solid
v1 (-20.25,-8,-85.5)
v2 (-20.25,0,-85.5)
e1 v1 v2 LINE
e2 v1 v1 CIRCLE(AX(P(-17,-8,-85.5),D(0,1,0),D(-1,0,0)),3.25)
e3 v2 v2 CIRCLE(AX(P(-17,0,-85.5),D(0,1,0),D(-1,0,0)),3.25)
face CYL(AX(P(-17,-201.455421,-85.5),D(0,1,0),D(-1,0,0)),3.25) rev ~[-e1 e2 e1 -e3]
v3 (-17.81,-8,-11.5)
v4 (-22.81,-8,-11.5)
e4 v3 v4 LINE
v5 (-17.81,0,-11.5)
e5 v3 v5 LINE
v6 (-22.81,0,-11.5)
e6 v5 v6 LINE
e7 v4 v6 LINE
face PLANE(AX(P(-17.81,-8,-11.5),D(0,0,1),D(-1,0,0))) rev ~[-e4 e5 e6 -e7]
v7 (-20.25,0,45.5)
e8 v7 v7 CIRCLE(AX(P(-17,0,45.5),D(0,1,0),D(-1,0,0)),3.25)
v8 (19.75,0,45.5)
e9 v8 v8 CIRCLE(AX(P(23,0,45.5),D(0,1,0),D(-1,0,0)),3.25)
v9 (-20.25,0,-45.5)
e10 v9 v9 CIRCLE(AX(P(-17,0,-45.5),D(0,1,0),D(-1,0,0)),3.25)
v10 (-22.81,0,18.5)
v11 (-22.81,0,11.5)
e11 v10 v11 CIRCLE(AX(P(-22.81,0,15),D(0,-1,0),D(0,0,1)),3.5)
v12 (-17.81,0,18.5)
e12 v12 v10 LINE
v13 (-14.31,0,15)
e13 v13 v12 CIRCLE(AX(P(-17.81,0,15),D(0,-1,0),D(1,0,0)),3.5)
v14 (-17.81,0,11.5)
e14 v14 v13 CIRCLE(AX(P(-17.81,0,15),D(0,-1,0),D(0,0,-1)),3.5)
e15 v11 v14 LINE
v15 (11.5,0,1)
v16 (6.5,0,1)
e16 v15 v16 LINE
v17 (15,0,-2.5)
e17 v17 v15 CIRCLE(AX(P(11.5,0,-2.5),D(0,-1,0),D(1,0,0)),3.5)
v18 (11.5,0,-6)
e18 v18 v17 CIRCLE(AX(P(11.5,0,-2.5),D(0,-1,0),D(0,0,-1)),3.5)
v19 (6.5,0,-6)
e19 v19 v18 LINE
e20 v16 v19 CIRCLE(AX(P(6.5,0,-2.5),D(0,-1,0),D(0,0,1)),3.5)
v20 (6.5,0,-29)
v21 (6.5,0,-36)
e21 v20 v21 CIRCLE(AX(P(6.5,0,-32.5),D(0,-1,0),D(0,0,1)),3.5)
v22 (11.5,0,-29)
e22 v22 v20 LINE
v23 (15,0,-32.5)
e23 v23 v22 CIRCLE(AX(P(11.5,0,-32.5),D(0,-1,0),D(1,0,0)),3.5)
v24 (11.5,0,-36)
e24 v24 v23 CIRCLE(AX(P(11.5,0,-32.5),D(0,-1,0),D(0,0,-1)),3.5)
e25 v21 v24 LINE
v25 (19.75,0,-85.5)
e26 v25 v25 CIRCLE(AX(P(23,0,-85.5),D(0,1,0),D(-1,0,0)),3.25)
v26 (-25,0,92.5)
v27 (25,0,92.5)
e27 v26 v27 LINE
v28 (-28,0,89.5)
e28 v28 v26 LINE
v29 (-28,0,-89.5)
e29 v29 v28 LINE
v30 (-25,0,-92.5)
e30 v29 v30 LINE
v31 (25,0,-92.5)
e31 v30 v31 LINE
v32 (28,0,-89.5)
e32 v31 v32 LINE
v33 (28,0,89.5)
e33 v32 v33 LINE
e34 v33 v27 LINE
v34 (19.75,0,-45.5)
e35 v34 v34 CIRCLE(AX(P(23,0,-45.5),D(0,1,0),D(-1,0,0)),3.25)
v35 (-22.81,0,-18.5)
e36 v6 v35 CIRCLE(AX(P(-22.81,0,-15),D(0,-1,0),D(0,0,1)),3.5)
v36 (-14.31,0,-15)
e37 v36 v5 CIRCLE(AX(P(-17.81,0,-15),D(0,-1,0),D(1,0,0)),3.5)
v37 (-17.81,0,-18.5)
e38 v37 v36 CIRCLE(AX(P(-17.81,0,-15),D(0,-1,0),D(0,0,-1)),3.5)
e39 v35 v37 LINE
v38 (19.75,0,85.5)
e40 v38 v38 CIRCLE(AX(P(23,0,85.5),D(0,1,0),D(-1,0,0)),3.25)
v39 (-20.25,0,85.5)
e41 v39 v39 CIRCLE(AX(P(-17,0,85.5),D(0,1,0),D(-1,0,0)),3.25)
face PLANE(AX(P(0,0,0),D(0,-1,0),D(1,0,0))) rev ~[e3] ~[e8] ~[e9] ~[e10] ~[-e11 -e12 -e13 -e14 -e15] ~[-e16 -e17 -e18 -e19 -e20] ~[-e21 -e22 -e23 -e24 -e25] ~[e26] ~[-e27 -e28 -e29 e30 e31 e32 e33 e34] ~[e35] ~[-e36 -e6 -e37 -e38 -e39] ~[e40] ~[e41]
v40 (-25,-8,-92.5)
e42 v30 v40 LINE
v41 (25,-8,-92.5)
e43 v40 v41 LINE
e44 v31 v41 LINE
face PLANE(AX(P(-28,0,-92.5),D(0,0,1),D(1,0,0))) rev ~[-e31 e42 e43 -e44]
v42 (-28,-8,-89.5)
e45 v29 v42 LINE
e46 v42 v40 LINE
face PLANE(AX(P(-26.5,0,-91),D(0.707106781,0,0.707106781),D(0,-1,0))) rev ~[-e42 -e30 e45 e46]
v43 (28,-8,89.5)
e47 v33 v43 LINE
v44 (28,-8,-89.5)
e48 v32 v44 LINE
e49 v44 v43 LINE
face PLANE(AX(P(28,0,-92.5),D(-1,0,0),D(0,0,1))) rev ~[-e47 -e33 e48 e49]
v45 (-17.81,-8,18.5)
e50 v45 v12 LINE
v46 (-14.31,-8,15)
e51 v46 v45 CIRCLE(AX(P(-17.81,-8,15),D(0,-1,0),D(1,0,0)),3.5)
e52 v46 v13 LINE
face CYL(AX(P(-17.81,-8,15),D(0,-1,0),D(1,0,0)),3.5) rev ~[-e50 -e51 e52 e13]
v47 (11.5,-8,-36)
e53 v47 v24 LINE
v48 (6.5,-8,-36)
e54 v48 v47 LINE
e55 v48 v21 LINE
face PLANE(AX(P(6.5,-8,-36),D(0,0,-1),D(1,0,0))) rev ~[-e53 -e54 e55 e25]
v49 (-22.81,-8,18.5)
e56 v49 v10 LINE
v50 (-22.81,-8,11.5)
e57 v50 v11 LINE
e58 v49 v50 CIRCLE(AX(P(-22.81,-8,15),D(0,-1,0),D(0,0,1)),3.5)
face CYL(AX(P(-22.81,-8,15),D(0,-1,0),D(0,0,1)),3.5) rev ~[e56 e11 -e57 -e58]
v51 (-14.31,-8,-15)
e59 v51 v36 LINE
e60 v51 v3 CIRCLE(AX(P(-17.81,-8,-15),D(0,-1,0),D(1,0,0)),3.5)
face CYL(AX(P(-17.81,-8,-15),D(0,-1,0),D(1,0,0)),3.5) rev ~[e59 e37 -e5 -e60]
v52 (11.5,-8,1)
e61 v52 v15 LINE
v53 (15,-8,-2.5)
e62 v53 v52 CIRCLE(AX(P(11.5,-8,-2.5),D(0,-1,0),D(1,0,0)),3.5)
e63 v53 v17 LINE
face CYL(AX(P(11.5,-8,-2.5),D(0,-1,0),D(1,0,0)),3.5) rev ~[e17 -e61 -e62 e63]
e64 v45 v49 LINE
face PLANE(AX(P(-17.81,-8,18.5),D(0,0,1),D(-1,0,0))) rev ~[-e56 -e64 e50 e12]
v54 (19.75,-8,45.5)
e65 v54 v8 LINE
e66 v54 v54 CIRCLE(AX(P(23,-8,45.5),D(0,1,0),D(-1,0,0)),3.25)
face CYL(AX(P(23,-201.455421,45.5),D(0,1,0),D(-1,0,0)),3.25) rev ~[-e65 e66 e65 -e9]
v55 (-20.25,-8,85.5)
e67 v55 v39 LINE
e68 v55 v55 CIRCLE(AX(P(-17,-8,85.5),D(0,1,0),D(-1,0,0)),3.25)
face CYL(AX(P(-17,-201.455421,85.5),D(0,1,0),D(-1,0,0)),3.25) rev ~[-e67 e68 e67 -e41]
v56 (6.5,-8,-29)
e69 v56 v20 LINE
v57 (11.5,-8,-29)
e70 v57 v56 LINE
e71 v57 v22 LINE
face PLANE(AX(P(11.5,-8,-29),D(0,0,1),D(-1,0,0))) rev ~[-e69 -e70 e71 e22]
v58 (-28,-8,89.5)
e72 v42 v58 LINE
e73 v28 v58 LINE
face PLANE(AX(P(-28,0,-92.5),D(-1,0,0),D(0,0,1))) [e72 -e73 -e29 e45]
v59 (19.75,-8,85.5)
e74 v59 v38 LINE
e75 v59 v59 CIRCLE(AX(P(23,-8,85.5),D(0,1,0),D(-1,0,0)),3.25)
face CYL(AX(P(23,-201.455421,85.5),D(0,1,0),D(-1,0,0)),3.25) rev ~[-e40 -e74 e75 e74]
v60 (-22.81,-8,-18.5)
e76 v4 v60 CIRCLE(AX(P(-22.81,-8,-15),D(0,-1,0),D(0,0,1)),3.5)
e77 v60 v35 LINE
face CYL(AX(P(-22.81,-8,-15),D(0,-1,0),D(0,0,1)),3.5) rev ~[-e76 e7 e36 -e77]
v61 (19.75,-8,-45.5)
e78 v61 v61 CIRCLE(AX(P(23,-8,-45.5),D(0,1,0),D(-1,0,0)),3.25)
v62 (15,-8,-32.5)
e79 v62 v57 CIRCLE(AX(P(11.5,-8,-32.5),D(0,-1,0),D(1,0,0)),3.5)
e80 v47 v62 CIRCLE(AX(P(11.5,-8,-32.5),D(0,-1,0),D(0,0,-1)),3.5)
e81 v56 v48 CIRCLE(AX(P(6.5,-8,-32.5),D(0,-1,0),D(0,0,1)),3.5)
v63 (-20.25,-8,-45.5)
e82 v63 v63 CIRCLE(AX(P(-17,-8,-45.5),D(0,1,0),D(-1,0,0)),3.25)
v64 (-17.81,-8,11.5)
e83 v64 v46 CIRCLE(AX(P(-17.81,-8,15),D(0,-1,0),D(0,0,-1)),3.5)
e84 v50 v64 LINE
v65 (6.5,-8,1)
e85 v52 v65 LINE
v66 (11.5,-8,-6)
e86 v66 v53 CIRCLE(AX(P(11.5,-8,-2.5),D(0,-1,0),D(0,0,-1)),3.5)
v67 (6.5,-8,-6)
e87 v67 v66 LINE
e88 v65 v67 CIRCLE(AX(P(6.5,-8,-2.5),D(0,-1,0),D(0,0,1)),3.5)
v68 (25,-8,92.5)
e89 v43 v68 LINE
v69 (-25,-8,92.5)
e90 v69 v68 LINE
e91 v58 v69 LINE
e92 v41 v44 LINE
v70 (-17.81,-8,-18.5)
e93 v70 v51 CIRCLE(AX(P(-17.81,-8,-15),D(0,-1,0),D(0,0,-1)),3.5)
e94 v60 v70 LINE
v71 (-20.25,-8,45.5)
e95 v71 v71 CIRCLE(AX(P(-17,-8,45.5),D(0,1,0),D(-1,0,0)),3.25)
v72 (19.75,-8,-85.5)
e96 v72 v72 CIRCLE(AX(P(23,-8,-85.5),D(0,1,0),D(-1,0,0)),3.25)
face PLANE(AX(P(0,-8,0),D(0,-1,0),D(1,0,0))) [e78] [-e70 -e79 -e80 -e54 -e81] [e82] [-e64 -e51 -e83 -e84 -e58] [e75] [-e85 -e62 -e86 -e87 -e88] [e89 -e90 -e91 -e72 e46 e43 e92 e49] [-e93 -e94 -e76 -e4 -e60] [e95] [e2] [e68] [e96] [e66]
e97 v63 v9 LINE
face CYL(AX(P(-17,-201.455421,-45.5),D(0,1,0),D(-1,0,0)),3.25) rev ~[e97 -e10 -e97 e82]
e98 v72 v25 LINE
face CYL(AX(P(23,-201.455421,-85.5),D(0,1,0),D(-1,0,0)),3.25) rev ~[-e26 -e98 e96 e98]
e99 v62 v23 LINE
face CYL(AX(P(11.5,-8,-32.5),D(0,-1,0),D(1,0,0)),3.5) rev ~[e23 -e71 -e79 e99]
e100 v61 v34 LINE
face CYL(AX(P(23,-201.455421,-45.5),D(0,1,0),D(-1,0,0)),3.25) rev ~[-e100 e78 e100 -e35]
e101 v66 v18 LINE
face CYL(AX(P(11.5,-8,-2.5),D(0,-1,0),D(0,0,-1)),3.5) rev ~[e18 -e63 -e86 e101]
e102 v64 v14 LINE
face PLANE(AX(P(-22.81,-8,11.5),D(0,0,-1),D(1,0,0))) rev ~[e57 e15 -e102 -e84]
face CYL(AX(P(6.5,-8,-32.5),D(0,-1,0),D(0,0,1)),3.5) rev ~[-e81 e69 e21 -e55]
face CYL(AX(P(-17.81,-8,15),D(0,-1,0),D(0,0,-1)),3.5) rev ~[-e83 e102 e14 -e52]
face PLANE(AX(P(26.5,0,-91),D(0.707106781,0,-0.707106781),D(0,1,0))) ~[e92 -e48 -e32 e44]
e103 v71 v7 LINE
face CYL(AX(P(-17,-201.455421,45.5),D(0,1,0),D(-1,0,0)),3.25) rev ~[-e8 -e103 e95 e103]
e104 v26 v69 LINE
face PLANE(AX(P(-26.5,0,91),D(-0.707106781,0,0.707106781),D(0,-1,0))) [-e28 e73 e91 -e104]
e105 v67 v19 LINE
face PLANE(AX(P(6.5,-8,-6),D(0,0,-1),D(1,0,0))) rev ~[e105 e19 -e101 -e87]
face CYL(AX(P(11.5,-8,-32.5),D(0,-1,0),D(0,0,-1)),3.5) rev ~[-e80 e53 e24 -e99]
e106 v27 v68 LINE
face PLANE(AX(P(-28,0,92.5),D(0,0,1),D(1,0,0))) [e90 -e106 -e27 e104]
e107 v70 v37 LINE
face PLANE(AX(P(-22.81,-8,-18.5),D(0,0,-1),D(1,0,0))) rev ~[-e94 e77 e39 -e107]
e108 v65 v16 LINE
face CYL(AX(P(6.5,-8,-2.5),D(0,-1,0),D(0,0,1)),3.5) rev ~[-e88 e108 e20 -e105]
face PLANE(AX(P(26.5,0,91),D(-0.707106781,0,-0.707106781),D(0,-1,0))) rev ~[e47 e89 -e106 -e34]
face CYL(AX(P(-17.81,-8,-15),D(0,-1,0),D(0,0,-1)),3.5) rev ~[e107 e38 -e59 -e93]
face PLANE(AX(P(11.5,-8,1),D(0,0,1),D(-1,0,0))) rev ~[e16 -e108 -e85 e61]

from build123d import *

# Parameters (mm, degrees)
F0_W     = 56
F0_H     = 185
F1_DEPTH = 8
F2_SIZE  = 3
F4_D     = 6.5
F6_DEPTH = 25


with BuildPart() as f1:
    # F0 (on Front) → F1 (new body)
    with BuildSketch(Plane.XZ):
        Rectangle(F0_W, F0_H)
    extrude(amount=F1_DEPTH)

    # F2
    f2_edges = [f1.edges().sort_by_distance(p)[0] for p in [
        (28, -4, 92.5),
        (-28, -4, 92.5),
        (28, -4, -92.5),
        (-28, -4, -92.5),
    ]]
    chamfer(f2_edges, length=F2_SIZE)

    # F4 (through all)
    with Locations(Plane.XZ.offset(8)):
        with Locations((-17, -85.5), (23, -85.5), (23, -45.5), (-17, -45.5), (-17, 45.5), (23, 45.5), (23, 85.5), (-17, 85.5)):
            Hole(F4_D / 2)

    # F5 (on face) → F6 (cut)
    with BuildSketch(Plane.XZ.offset(8)):
        with BuildLine():
            ThreePointArc((6.5, 1), (3, -2.5), (6.5, -6))
            Line((6.5, -6), (6.5, 1))
        make_face()
        with BuildLine():
            Line((11.5, 1), (11.5, -6))
            ThreePointArc((11.5, -6), (13.9748737342, -4.9748737342), (15, -2.5))
            ThreePointArc((15, -2.5), (13.9748737342, -0.0251262658), (11.5, 1))
        make_face()
        with BuildLine():
            ThreePointArc((6.5, -29), (3, -32.5), (6.5, -36))
            Line((6.5, -36), (6.5, -29))
        make_face()
        with BuildLine():
            Line((11.5, -29), (11.5, -36))
            ThreePointArc((11.5, -36), (13.9748737342, -34.9748737342), (15, -32.5))
            ThreePointArc((15, -32.5), (13.9748737342, -30.0251262658), (11.5, -29))
        make_face()
        with BuildLine():
            Line((-17.81, -11.5), (-17.81, -18.5))
            ThreePointArc((-17.81, -18.5), (-15.3351262658, -17.4748737342), (-14.31, -15))
            ThreePointArc((-14.31, -15), (-15.3351262658, -12.5251262658), (-17.81, -11.5))
        make_face()
        with BuildLine():
            ThreePointArc((-22.81, 18.5), (-26.31, 15), (-22.81, 11.5))
            Line((-22.81, 11.5), (-22.81, 18.5))
        make_face()
        with BuildLine():
            Line((-17.81, 18.5), (-17.81, 11.5))
            ThreePointArc((-17.81, 11.5), (-15.3351262658, 12.5251262658), (-14.31, 15))
            ThreePointArc((-14.31, 15), (-15.3351262658, 17.4748737342), (-17.81, 18.5))
        make_face()
        with BuildLine():
            ThreePointArc((9, -4.9494897428), (7.8558735008, -5.7267021942), (6.5, -6))
            Line((6.5, -6), (11.5, -6))
            ThreePointArc((11.5, -6), (10.1441264992, -5.7267021942), (9, -4.9494897428))
        make_face()
        with BuildLine():
            Line((11.5, 1), (6.5, 1))
            ThreePointArc((6.5, 1), (7.8558735008, 0.7267021942), (9, -0.0505102572))
            ThreePointArc((9, -0.0505102572), (10.1441264992, 0.7267021942), (11.5, 1))
        make_face()
        with BuildLine():
            ThreePointArc((9, -34.9494897428), (7.8558735008, -35.7267021942), (6.5, -36))
            Line((6.5, -36), (11.5, -36))
            ThreePointArc((11.5, -36), (10.1441264992, -35.7267021942), (9, -34.9494897428))
        make_face()
        with BuildLine():
            Line((11.5, -29), (6.5, -29))
            ThreePointArc((6.5, -29), (7.8558735008, -29.2732978058), (9, -30.0505102572))
            ThreePointArc((9, -30.0505102572), (10.1441264992, -29.2732978058), (11.5, -29))
        make_face()
        with BuildLine():
            ThreePointArc((-20.31, -17.4494897428), (-21.4541264992, -18.2267021942), (-22.81, -18.5))
            Line((-22.81, -18.5), (-17.81, -18.5))
            ThreePointArc((-17.81, -18.5), (-19.1658735008, -18.2267021942), (-20.31, -17.4494897428))
        make_face()
        with BuildLine():
            Line((-17.81, -11.5), (-22.81, -11.5))
            ThreePointArc((-22.81, -11.5), (-21.4541264992, -11.7732978058), (-20.31, -12.5505102572))
            ThreePointArc((-20.31, -12.5505102572), (-19.1658735008, -11.7732978058), (-17.81, -11.5))
        make_face()
        with BuildLine():
            ThreePointArc((-20.31, 12.5505102572), (-21.4541264992, 11.7732978058), (-22.81, 11.5))
            Line((-22.81, 11.5), (-17.81, 11.5))
            ThreePointArc((-17.81, 11.5), (-19.1658735008, 11.7732978058), (-20.31, 12.5505102572))
        make_face()
        with BuildLine():
            Line((-17.81, 18.5), (-22.81, 18.5))
            ThreePointArc((-22.81, 18.5), (-21.4541264992, 18.2267021942), (-20.31, 17.4494897428))
            ThreePointArc((-20.31, 17.4494897428), (-19.1658735008, 18.2267021942), (-17.81, 18.5))
        make_face()
        with BuildLine():
            Line((6.5, 1), (6.5, -6))
            ThreePointArc((6.5, -6), (7.8558735008, -5.7267021942), (9, -4.9494897428))
            ThreePointArc((9, -4.9494897428), (8, -2.5), (9, -0.0505102572))
            ThreePointArc((9, -0.0505102572), (7.8558735008, 0.7267021942), (6.5, 1))
        make_face()
        with BuildLine():
            ThreePointArc((9, -4.9494897428), (10.1441264992, -5.7267021942), (11.5, -6))
            Line((11.5, -6), (11.5, 1))
            ThreePointArc((11.5, 1), (10.1441264992, 0.7267021942), (9, -0.0505102572))
            ThreePointArc((9, -0.0505102572), (9.7403703492, -1.1771243445), (10, -2.5))
            ThreePointArc((10, -2.5), (9.7403703492, -3.8228756555), (9, -4.9494897428))
        make_face()
        with BuildLine():
            Line((6.5, -29), (6.5, -36))
            ThreePointArc((6.5, -36), (7.8558735008, -35.7267021942), (9, -34.9494897428))
            ThreePointArc((9, -34.9494897428), (8, -32.5), (9, -30.0505102572))
            ThreePointArc((9, -30.0505102572), (7.8558735008, -29.2732978058), (6.5, -29))
        make_face()
        with BuildLine():
            ThreePointArc((9, -34.9494897428), (10.1441264992, -35.7267021942), (11.5, -36))
            Line((11.5, -36), (11.5, -29))
            ThreePointArc((11.5, -29), (10.1441264992, -29.2732978058), (9, -30.0505102572))
            ThreePointArc((9, -30.0505102572), (9.7403703492, -31.1771243445), (10, -32.5))
            ThreePointArc((10, -32.5), (9.7403703492, -33.8228756555), (9, -34.9494897428))
        make_face()
        with BuildLine():
            Line((-22.81, -11.5), (-22.81, -18.5))
            ThreePointArc((-22.81, -18.5), (-21.4541264992, -18.2267021942), (-20.31, -17.4494897428))
            ThreePointArc((-20.31, -17.4494897428), (-21.31, -15), (-20.31, -12.5505102572))
            ThreePointArc((-20.31, -12.5505102572), (-21.4541264992, -11.7732978058), (-22.81, -11.5))
        make_face()
        with BuildLine():
            ThreePointArc((-20.31, -17.4494897428), (-19.1658735008, -18.2267021942), (-17.81, -18.5))
            Line((-17.81, -18.5), (-17.81, -11.5))
            ThreePointArc((-17.81, -11.5), (-19.1658735008, -11.7732978058), (-20.31, -12.5505102572))
            ThreePointArc((-20.31, -12.5505102572), (-19.5696296508, -13.6771243445), (-19.31, -15))
            ThreePointArc((-19.31, -15), (-19.5696296508, -16.3228756555), (-20.31, -17.4494897428))
        make_face()
        with BuildLine():
            Line((-22.81, 18.5), (-22.81, 11.5))
            ThreePointArc((-22.81, 11.5), (-21.4541264992, 11.7732978058), (-20.31, 12.5505102572))
            ThreePointArc((-20.31, 12.5505102572), (-21.31, 15), (-20.31, 17.4494897428))
            ThreePointArc((-20.31, 17.4494897428), (-21.4541264992, 18.2267021942), (-22.81, 18.5))
        make_face()
        with BuildLine():
            ThreePointArc((-20.31, 12.5505102572), (-19.1658735008, 11.7732978058), (-17.81, 11.5))
            Line((-17.81, 11.5), (-17.81, 18.5))
            ThreePointArc((-17.81, 18.5), (-19.1658735008, 18.2267021942), (-20.31, 17.4494897428))
            ThreePointArc((-20.31, 17.4494897428), (-19.5696296508, 16.3228756555), (-19.31, 15))
            ThreePointArc((-19.31, 15), (-19.5696296508, 13.6771243445), (-20.31, 12.5505102572))
        make_face()
        with BuildLine():
            ThreePointArc((-22.81, -11.5), (-26.31, -15), (-22.81, -18.5))
            Line((-22.81, -18.5), (-22.81, -11.5))
        make_face()
        with BuildLine():
            ThreePointArc((-20.31, -12.5505102572), (-21.31, -15), (-20.31, -17.4494897428))
            ThreePointArc((-20.31, -17.4494897428), (-19.5696296508, -16.3228756555), (-19.31, -15))
            ThreePointArc((-19.31, -15), (-19.5696296508, -13.6771243445), (-20.31, -12.5505102572))
        make_face()
        with BuildLine():
            ThreePointArc((-20.31, 17.4494897428), (-21.31, 15), (-20.31, 12.5505102572))
            ThreePointArc((-20.31, 12.5505102572), (-19.5696296508, 13.6771243445), (-19.31, 15))
            ThreePointArc((-19.31, 15), (-19.5696296508, 16.3228756555), (-20.31, 17.4494897428))
        make_face()
        with BuildLine():
            ThreePointArc((9, -0.0505102572), (8, -2.5), (9, -4.9494897428))
            ThreePointArc((9, -4.9494897428), (9.7403703492, -3.8228756555), (10, -2.5))
            ThreePointArc((10, -2.5), (9.7403703492, -1.1771243445), (9, -0.0505102572))
        make_face()
        with BuildLine():
            ThreePointArc((9, -30.0505102572), (8, -32.5), (9, -34.9494897428))
            ThreePointArc((9, -34.9494897428), (9.7403703492, -33.8228756555), (10, -32.5))
            ThreePointArc((10, -32.5), (9.7403703492, -31.1771243445), (9, -30.0505102572))
        make_face()
    extrude(amount=-F6_DEPTH, mode=Mode.SUBTRACT)


solid = f1.part
